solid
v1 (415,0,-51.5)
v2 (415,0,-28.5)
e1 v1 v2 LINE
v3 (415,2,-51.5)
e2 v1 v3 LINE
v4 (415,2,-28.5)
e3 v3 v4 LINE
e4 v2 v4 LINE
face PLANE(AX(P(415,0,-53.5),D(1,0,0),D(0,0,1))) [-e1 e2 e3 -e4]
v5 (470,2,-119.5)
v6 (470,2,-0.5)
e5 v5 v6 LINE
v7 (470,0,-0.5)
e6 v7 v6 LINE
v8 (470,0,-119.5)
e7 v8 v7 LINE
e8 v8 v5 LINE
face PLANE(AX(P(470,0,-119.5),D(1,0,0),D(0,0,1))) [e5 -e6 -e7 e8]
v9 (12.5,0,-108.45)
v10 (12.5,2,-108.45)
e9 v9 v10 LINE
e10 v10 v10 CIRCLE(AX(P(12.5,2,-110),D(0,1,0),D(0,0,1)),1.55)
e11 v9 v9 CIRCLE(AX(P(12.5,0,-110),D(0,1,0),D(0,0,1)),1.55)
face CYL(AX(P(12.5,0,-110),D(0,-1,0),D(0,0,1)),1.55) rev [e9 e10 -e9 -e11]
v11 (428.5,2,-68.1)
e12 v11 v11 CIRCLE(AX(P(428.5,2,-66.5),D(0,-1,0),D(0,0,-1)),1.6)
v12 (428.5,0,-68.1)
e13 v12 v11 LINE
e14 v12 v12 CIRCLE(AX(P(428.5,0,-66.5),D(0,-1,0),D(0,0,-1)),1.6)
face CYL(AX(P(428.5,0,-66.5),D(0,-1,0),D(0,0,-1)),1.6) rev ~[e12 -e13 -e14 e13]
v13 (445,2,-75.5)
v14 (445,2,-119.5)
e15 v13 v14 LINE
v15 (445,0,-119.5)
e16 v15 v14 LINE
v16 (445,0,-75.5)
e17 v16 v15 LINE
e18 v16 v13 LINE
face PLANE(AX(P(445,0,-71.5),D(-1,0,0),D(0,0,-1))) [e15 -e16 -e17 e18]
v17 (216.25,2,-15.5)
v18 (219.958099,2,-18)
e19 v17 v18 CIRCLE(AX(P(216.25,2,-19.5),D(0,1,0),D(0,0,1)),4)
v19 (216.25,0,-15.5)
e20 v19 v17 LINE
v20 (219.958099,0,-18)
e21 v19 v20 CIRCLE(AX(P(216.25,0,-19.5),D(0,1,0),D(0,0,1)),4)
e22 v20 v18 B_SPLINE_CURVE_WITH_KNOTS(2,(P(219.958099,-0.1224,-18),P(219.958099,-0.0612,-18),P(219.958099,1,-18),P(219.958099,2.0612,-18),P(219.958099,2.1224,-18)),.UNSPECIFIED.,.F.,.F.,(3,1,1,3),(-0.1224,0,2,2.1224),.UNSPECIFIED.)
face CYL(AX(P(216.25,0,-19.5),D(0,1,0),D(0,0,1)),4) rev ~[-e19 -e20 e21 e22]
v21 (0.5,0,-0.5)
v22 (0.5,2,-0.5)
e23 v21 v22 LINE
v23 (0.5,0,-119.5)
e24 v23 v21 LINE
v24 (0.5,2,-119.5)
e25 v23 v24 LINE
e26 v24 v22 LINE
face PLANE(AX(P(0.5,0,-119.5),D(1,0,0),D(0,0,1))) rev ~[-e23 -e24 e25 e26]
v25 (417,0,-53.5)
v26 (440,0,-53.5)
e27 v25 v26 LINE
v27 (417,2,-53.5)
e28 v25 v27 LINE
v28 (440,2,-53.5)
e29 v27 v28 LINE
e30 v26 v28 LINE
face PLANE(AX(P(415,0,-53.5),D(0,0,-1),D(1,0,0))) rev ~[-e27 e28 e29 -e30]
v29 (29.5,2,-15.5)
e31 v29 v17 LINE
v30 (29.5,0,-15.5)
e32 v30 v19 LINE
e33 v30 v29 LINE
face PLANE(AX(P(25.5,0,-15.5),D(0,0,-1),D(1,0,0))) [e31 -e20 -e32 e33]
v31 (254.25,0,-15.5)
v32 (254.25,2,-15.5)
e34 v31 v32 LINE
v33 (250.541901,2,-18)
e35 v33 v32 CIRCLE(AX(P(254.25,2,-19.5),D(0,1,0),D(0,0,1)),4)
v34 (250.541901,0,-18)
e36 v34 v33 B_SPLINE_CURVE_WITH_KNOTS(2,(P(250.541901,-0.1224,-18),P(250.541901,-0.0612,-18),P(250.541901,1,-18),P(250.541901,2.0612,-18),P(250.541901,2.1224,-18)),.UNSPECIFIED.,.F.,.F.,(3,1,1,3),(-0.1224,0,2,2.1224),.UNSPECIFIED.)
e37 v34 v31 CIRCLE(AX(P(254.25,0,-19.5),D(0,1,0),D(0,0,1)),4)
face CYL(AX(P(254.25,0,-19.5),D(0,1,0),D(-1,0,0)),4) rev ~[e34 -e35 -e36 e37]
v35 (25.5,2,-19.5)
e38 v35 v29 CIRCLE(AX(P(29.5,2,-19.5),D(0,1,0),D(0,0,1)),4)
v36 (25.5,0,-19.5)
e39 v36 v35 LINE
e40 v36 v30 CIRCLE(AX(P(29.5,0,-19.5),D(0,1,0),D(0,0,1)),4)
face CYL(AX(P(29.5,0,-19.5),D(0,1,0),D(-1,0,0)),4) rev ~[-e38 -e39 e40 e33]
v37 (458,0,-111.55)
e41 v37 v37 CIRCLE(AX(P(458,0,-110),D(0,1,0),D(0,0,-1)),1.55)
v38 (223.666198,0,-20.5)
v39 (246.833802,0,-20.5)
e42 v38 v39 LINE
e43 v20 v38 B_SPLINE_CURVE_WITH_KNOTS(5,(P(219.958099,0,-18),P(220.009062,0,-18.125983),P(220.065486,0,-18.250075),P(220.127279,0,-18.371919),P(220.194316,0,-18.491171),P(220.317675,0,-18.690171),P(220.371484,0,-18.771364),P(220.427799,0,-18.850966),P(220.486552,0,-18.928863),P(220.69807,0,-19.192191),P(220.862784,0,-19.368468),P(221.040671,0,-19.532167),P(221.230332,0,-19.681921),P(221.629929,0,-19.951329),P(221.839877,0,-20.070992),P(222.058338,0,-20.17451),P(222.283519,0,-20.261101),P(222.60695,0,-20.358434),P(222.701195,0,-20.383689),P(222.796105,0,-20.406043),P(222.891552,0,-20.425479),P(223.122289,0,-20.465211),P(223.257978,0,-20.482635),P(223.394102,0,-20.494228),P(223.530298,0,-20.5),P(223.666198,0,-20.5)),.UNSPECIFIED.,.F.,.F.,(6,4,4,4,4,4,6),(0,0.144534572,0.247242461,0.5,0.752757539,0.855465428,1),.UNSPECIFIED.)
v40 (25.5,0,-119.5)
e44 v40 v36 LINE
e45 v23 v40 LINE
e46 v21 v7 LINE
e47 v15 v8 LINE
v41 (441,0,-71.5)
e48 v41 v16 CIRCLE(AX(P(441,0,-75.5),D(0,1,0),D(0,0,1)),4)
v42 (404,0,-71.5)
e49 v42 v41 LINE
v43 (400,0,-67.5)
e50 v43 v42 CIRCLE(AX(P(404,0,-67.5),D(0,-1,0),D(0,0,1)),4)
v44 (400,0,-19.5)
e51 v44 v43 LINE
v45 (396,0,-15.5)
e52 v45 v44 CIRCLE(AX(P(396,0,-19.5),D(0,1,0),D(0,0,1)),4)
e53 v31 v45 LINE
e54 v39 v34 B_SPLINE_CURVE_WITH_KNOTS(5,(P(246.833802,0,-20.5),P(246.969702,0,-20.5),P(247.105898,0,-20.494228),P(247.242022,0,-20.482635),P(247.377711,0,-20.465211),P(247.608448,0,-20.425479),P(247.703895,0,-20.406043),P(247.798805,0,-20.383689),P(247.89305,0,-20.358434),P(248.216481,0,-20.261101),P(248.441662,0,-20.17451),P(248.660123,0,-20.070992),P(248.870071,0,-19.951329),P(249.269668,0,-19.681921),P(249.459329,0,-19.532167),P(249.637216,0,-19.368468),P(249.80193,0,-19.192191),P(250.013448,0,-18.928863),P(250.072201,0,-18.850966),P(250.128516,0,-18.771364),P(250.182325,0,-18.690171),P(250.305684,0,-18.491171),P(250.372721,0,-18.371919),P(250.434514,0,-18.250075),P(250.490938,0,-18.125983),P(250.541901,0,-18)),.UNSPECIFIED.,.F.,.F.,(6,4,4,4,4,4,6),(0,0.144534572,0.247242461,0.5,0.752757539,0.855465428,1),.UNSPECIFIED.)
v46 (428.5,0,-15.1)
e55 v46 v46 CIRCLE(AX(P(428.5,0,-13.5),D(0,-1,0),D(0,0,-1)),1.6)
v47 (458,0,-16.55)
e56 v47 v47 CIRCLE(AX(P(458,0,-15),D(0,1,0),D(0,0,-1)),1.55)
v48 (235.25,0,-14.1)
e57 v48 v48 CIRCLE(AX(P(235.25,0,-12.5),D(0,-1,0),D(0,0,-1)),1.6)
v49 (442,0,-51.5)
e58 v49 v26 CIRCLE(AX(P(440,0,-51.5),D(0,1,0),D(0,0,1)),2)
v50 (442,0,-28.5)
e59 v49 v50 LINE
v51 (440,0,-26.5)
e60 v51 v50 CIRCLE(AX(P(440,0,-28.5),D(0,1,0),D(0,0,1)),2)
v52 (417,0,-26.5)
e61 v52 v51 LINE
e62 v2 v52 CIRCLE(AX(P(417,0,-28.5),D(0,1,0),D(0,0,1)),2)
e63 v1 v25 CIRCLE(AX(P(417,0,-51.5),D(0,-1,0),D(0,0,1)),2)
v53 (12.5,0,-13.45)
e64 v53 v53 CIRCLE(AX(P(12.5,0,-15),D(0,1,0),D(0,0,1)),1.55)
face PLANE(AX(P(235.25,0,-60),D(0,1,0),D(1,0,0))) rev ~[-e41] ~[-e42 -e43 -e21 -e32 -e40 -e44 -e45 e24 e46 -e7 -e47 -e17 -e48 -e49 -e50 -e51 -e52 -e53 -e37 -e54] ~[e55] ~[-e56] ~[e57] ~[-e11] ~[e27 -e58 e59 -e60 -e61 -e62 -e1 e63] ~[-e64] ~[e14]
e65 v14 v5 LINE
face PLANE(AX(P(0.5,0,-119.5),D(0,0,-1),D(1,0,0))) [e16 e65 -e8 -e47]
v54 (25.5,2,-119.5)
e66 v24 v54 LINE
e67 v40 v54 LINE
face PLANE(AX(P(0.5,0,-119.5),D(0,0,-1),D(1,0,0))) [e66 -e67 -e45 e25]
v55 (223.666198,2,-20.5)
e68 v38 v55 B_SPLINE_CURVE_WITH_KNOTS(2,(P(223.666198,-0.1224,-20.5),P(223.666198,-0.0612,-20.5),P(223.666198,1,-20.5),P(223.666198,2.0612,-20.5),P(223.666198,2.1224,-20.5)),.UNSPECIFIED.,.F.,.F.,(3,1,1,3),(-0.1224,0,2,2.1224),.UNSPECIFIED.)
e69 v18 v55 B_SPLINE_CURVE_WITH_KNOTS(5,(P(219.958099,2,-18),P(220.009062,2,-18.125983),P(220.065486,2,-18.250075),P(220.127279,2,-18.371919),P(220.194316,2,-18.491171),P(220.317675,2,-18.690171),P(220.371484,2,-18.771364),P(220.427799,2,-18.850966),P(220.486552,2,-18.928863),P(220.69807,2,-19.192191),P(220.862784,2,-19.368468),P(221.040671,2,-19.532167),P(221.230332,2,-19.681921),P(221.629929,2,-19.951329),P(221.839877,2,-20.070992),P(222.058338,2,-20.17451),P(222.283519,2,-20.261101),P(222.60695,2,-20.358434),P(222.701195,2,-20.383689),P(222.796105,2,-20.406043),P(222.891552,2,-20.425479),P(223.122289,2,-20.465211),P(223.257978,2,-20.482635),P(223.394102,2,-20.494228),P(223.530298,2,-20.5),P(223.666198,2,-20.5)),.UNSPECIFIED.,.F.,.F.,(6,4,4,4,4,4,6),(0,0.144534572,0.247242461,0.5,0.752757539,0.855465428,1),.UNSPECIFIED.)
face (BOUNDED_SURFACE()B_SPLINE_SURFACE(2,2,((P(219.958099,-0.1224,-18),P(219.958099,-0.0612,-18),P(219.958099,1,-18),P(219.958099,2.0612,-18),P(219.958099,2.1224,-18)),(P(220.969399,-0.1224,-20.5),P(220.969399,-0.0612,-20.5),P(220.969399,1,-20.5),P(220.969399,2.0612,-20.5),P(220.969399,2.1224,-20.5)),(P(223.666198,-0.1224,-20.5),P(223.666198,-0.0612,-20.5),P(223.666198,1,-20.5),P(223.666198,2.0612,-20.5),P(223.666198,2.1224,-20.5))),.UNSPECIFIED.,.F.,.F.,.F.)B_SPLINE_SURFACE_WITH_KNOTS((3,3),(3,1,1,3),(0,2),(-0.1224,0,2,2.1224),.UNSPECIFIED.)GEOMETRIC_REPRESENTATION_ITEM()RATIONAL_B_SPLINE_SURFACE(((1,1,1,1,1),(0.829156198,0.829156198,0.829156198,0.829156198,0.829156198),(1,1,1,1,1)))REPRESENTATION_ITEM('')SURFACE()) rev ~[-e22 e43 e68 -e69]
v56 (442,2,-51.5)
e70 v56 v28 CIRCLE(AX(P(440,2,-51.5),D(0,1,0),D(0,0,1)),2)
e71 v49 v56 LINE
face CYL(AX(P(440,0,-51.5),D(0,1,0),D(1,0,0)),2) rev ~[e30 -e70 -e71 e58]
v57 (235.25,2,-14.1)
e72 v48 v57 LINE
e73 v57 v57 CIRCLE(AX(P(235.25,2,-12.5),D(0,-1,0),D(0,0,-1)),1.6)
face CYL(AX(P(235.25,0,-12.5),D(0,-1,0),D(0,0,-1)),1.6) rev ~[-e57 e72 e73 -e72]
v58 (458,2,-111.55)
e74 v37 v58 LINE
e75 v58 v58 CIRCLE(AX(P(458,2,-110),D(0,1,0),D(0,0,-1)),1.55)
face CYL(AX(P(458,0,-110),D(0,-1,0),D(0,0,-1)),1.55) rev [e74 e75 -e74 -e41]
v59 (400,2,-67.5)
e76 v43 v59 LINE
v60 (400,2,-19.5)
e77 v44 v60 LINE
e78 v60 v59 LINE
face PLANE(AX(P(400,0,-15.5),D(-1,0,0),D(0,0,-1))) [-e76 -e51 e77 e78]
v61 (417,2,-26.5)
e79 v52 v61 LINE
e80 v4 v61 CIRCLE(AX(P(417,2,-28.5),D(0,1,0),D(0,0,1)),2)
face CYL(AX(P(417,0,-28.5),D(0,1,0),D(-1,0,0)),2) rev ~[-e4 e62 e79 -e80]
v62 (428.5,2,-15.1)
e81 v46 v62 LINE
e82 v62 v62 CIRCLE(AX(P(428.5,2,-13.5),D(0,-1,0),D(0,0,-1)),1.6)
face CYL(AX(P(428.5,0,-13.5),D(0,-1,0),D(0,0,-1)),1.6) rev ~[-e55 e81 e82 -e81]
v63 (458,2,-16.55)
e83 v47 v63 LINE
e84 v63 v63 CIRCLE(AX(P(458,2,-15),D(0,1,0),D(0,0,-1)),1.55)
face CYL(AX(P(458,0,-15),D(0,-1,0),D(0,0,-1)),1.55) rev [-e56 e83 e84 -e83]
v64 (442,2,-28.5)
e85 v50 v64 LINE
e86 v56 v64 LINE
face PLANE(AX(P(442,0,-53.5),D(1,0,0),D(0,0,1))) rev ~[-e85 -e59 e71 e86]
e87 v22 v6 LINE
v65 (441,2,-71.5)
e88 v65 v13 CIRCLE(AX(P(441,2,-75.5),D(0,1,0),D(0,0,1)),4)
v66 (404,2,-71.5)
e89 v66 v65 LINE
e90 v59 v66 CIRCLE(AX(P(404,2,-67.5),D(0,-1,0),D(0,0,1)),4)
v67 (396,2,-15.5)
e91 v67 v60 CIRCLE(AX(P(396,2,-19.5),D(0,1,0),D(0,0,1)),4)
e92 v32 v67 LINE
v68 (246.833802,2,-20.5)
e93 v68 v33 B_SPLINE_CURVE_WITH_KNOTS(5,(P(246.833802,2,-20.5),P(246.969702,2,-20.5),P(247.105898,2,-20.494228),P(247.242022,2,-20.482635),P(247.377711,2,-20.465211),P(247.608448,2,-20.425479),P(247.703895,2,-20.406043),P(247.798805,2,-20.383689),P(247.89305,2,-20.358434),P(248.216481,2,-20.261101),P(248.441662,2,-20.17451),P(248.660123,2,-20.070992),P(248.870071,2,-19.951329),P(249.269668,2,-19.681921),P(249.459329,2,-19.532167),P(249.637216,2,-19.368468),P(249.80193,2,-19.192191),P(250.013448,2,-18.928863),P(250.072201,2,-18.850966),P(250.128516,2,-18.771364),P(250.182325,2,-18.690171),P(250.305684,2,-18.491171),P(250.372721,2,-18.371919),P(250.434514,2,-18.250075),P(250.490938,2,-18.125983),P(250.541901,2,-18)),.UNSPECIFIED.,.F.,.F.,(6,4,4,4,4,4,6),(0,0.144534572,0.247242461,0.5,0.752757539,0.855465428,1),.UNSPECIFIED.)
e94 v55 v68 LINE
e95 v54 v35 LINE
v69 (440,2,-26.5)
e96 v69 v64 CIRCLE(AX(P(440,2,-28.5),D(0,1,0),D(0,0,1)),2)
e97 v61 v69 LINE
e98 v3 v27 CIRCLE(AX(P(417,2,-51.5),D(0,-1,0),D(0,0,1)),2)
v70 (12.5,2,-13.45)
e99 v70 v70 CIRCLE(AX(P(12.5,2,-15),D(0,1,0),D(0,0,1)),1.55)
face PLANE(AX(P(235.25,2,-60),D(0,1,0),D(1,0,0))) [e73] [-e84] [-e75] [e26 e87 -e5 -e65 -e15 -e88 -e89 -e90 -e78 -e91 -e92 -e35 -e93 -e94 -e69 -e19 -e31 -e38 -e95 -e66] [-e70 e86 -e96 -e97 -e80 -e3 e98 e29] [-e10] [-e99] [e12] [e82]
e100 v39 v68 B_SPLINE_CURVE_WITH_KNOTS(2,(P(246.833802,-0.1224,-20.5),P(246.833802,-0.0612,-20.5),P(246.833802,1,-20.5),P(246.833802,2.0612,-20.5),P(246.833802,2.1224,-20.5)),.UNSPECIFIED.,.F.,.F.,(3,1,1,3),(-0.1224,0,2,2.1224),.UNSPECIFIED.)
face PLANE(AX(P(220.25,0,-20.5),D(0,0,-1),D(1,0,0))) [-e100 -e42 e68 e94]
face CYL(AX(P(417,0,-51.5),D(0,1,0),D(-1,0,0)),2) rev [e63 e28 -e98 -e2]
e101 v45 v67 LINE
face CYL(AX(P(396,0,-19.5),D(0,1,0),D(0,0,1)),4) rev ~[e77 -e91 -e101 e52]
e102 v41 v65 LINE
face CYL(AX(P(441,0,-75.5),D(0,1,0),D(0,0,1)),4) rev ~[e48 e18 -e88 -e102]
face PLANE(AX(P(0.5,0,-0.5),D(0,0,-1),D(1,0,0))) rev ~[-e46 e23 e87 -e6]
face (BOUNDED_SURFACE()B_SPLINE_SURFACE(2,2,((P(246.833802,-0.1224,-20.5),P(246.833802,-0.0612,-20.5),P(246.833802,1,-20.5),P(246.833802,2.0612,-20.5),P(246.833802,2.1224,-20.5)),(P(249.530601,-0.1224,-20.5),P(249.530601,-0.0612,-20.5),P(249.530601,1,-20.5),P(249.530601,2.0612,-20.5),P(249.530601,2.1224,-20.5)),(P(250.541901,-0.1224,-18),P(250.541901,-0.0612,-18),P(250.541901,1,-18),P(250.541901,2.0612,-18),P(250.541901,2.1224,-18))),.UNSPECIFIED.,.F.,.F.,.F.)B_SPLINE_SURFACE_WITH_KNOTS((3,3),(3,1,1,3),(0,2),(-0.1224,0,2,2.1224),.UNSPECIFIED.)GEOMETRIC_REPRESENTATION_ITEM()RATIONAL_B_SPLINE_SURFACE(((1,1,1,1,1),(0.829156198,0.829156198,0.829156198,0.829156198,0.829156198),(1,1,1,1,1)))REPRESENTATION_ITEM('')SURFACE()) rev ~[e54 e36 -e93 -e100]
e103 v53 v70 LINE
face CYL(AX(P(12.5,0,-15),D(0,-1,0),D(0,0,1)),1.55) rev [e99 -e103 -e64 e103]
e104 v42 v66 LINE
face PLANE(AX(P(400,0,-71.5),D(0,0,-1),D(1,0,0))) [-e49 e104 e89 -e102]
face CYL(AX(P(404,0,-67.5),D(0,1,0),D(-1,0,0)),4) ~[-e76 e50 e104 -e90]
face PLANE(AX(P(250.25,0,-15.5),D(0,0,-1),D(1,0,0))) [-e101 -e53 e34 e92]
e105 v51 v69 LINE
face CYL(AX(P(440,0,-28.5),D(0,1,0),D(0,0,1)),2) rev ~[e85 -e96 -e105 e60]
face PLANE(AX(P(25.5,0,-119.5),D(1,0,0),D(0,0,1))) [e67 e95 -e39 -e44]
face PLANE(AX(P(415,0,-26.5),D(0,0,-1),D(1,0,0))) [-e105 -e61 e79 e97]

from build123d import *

# Parameters (mm, degrees)
CROQUIS1_W              = 470.5
CROQUIS1_H              = 120
CROQUIS1_R              = 1.55
SALIENTE_EXTRUIR1_DEPTH = 2
CROQUIS2_W              = 470.5
CROQUIS2_H              = 120
CROQUIS2_W_2            = 469.5
CROQUIS2_H_2            = 119
CORTAR_EXTRUIR1_DEPTH   = 2
CROQUIS3_R              = 1.6
CORTAR_EXTRUIR2_DEPTH   = 2
CROQUIS4_R              = 1.6
CROQUIS4_W              = 27
CROQUIS4_H              = 27
CORTAR_EXTRUIR3_DEPTH   = 2
REDONDEO1_R             = 2
CORTAR_EXTRUIR4_DEPTH   = 2
REDONDEO2_R             = 4
REDONDEO3_R             = 4


with BuildPart() as part:
    # Croquis1 → Saliente-Extruir1 (new body)
    with BuildSketch(Plane(origin=(0, 0, 0), x_dir=(1, 0, 0), z_dir=(0, 1, 0))):
        with Locations((235.25, 60)):
            Rectangle(CROQUIS1_W, CROQUIS1_H)
        with Locations(Location((12.5, 15, 0), (0, 0, 270))):
            Circle(CROQUIS1_R, mode=Mode.SUBTRACT)
        with Locations(Location((12.5, 110, 0), (0, 0, 270))):
            Circle(CROQUIS1_R, mode=Mode.SUBTRACT)
        with Locations(Location((458, 15, 0), (0, 0, 90))):
            Circle(CROQUIS1_R, mode=Mode.SUBTRACT)
        with Locations(Location((458, 110, 0), (0, 0, 90))):
            Circle(CROQUIS1_R, mode=Mode.SUBTRACT)
    extrude(amount=SALIENTE_EXTRUIR1_DEPTH)

    # Croquis2 → Cortar-Extruir1 (cut)
    with BuildSketch(Plane.XZ):
        with Locations((235.25, -60)):
            Rectangle(CROQUIS2_W, CROQUIS2_H)
        with Locations((235.25, -60)):
            Rectangle(CROQUIS2_W_2, CROQUIS2_H_2, mode=Mode.SUBTRACT)
    extrude(amount=-CORTAR_EXTRUIR1_DEPTH, mode=Mode.SUBTRACT)

    # Croquis3 → Cortar-Extruir2 (cut)
    with BuildSketch(Plane.XZ):
        with Locations(Location((235.25, -12.5, 0), (0, 0, 270))):
            Circle(CROQUIS3_R)
    extrude(amount=-CORTAR_EXTRUIR2_DEPTH, mode=Mode.SUBTRACT)

    # Croquis4 → Cortar-Extruir3 (cut)
    with BuildSketch(Plane.XZ):
        with Locations(Location((428.5, -66.5, 0), (0, 0, 270))):
            Circle(CROQUIS4_R)
        with Locations(Location((428.5, -13.5, 0), (0, 0, 270))):
            Circle(CROQUIS4_R)
        with Locations((428.5, -40)):
            Rectangle(CROQUIS4_W, CROQUIS4_H)
    extrude(amount=-CORTAR_EXTRUIR3_DEPTH, mode=Mode.SUBTRACT)

    # Redondeo1
    redondeo1_edges = [part.edges().sort_by_distance(p)[0] for p in [
        (415, 1, -53.5),
        (442, 1, -53.5),
        (442, 1, -26.5),
        (415, 1, -26.5),
    ]]
    fillet(redondeo1_edges, radius=REDONDEO1_R)

    # Croquis5 → Cortar-Extruir4 (cut)
    with BuildSketch(Plane.XZ):
        Polygon((25.5, -119.5), (25.5, -15.5), (220.25, -15.5), (220.25, -20.5), (250.25, -20.5), (250.25, -15.5), (400, -15.5), (400, -71.5), (445, -71.5), (445, -119.5), align=None)
    extrude(amount=-CORTAR_EXTRUIR4_DEPTH, mode=Mode.SUBTRACT)

    # Redondeo2
    redondeo2_edges = [part.edges().sort_by_distance(p)[0] for p in [
        (25.5, 1, -15.5),
        (220.25, 1, -15.5),
        (250.25, 1, -15.5),
        (400, 1, -15.5),
        (400, 1, -71.5),
        (445, 1, -71.5),
    ]]
    fillet(redondeo2_edges, radius=REDONDEO2_R)

    # Redondeo3
    redondeo3_edges = [part.edges().sort_by_distance(p)[0] for p in [
        (220.25, 1, -20.5),
        (250.25, 1, -20.5),
    ]]
    fillet(redondeo3_edges, radius=REDONDEO3_R)


solid = part.part
